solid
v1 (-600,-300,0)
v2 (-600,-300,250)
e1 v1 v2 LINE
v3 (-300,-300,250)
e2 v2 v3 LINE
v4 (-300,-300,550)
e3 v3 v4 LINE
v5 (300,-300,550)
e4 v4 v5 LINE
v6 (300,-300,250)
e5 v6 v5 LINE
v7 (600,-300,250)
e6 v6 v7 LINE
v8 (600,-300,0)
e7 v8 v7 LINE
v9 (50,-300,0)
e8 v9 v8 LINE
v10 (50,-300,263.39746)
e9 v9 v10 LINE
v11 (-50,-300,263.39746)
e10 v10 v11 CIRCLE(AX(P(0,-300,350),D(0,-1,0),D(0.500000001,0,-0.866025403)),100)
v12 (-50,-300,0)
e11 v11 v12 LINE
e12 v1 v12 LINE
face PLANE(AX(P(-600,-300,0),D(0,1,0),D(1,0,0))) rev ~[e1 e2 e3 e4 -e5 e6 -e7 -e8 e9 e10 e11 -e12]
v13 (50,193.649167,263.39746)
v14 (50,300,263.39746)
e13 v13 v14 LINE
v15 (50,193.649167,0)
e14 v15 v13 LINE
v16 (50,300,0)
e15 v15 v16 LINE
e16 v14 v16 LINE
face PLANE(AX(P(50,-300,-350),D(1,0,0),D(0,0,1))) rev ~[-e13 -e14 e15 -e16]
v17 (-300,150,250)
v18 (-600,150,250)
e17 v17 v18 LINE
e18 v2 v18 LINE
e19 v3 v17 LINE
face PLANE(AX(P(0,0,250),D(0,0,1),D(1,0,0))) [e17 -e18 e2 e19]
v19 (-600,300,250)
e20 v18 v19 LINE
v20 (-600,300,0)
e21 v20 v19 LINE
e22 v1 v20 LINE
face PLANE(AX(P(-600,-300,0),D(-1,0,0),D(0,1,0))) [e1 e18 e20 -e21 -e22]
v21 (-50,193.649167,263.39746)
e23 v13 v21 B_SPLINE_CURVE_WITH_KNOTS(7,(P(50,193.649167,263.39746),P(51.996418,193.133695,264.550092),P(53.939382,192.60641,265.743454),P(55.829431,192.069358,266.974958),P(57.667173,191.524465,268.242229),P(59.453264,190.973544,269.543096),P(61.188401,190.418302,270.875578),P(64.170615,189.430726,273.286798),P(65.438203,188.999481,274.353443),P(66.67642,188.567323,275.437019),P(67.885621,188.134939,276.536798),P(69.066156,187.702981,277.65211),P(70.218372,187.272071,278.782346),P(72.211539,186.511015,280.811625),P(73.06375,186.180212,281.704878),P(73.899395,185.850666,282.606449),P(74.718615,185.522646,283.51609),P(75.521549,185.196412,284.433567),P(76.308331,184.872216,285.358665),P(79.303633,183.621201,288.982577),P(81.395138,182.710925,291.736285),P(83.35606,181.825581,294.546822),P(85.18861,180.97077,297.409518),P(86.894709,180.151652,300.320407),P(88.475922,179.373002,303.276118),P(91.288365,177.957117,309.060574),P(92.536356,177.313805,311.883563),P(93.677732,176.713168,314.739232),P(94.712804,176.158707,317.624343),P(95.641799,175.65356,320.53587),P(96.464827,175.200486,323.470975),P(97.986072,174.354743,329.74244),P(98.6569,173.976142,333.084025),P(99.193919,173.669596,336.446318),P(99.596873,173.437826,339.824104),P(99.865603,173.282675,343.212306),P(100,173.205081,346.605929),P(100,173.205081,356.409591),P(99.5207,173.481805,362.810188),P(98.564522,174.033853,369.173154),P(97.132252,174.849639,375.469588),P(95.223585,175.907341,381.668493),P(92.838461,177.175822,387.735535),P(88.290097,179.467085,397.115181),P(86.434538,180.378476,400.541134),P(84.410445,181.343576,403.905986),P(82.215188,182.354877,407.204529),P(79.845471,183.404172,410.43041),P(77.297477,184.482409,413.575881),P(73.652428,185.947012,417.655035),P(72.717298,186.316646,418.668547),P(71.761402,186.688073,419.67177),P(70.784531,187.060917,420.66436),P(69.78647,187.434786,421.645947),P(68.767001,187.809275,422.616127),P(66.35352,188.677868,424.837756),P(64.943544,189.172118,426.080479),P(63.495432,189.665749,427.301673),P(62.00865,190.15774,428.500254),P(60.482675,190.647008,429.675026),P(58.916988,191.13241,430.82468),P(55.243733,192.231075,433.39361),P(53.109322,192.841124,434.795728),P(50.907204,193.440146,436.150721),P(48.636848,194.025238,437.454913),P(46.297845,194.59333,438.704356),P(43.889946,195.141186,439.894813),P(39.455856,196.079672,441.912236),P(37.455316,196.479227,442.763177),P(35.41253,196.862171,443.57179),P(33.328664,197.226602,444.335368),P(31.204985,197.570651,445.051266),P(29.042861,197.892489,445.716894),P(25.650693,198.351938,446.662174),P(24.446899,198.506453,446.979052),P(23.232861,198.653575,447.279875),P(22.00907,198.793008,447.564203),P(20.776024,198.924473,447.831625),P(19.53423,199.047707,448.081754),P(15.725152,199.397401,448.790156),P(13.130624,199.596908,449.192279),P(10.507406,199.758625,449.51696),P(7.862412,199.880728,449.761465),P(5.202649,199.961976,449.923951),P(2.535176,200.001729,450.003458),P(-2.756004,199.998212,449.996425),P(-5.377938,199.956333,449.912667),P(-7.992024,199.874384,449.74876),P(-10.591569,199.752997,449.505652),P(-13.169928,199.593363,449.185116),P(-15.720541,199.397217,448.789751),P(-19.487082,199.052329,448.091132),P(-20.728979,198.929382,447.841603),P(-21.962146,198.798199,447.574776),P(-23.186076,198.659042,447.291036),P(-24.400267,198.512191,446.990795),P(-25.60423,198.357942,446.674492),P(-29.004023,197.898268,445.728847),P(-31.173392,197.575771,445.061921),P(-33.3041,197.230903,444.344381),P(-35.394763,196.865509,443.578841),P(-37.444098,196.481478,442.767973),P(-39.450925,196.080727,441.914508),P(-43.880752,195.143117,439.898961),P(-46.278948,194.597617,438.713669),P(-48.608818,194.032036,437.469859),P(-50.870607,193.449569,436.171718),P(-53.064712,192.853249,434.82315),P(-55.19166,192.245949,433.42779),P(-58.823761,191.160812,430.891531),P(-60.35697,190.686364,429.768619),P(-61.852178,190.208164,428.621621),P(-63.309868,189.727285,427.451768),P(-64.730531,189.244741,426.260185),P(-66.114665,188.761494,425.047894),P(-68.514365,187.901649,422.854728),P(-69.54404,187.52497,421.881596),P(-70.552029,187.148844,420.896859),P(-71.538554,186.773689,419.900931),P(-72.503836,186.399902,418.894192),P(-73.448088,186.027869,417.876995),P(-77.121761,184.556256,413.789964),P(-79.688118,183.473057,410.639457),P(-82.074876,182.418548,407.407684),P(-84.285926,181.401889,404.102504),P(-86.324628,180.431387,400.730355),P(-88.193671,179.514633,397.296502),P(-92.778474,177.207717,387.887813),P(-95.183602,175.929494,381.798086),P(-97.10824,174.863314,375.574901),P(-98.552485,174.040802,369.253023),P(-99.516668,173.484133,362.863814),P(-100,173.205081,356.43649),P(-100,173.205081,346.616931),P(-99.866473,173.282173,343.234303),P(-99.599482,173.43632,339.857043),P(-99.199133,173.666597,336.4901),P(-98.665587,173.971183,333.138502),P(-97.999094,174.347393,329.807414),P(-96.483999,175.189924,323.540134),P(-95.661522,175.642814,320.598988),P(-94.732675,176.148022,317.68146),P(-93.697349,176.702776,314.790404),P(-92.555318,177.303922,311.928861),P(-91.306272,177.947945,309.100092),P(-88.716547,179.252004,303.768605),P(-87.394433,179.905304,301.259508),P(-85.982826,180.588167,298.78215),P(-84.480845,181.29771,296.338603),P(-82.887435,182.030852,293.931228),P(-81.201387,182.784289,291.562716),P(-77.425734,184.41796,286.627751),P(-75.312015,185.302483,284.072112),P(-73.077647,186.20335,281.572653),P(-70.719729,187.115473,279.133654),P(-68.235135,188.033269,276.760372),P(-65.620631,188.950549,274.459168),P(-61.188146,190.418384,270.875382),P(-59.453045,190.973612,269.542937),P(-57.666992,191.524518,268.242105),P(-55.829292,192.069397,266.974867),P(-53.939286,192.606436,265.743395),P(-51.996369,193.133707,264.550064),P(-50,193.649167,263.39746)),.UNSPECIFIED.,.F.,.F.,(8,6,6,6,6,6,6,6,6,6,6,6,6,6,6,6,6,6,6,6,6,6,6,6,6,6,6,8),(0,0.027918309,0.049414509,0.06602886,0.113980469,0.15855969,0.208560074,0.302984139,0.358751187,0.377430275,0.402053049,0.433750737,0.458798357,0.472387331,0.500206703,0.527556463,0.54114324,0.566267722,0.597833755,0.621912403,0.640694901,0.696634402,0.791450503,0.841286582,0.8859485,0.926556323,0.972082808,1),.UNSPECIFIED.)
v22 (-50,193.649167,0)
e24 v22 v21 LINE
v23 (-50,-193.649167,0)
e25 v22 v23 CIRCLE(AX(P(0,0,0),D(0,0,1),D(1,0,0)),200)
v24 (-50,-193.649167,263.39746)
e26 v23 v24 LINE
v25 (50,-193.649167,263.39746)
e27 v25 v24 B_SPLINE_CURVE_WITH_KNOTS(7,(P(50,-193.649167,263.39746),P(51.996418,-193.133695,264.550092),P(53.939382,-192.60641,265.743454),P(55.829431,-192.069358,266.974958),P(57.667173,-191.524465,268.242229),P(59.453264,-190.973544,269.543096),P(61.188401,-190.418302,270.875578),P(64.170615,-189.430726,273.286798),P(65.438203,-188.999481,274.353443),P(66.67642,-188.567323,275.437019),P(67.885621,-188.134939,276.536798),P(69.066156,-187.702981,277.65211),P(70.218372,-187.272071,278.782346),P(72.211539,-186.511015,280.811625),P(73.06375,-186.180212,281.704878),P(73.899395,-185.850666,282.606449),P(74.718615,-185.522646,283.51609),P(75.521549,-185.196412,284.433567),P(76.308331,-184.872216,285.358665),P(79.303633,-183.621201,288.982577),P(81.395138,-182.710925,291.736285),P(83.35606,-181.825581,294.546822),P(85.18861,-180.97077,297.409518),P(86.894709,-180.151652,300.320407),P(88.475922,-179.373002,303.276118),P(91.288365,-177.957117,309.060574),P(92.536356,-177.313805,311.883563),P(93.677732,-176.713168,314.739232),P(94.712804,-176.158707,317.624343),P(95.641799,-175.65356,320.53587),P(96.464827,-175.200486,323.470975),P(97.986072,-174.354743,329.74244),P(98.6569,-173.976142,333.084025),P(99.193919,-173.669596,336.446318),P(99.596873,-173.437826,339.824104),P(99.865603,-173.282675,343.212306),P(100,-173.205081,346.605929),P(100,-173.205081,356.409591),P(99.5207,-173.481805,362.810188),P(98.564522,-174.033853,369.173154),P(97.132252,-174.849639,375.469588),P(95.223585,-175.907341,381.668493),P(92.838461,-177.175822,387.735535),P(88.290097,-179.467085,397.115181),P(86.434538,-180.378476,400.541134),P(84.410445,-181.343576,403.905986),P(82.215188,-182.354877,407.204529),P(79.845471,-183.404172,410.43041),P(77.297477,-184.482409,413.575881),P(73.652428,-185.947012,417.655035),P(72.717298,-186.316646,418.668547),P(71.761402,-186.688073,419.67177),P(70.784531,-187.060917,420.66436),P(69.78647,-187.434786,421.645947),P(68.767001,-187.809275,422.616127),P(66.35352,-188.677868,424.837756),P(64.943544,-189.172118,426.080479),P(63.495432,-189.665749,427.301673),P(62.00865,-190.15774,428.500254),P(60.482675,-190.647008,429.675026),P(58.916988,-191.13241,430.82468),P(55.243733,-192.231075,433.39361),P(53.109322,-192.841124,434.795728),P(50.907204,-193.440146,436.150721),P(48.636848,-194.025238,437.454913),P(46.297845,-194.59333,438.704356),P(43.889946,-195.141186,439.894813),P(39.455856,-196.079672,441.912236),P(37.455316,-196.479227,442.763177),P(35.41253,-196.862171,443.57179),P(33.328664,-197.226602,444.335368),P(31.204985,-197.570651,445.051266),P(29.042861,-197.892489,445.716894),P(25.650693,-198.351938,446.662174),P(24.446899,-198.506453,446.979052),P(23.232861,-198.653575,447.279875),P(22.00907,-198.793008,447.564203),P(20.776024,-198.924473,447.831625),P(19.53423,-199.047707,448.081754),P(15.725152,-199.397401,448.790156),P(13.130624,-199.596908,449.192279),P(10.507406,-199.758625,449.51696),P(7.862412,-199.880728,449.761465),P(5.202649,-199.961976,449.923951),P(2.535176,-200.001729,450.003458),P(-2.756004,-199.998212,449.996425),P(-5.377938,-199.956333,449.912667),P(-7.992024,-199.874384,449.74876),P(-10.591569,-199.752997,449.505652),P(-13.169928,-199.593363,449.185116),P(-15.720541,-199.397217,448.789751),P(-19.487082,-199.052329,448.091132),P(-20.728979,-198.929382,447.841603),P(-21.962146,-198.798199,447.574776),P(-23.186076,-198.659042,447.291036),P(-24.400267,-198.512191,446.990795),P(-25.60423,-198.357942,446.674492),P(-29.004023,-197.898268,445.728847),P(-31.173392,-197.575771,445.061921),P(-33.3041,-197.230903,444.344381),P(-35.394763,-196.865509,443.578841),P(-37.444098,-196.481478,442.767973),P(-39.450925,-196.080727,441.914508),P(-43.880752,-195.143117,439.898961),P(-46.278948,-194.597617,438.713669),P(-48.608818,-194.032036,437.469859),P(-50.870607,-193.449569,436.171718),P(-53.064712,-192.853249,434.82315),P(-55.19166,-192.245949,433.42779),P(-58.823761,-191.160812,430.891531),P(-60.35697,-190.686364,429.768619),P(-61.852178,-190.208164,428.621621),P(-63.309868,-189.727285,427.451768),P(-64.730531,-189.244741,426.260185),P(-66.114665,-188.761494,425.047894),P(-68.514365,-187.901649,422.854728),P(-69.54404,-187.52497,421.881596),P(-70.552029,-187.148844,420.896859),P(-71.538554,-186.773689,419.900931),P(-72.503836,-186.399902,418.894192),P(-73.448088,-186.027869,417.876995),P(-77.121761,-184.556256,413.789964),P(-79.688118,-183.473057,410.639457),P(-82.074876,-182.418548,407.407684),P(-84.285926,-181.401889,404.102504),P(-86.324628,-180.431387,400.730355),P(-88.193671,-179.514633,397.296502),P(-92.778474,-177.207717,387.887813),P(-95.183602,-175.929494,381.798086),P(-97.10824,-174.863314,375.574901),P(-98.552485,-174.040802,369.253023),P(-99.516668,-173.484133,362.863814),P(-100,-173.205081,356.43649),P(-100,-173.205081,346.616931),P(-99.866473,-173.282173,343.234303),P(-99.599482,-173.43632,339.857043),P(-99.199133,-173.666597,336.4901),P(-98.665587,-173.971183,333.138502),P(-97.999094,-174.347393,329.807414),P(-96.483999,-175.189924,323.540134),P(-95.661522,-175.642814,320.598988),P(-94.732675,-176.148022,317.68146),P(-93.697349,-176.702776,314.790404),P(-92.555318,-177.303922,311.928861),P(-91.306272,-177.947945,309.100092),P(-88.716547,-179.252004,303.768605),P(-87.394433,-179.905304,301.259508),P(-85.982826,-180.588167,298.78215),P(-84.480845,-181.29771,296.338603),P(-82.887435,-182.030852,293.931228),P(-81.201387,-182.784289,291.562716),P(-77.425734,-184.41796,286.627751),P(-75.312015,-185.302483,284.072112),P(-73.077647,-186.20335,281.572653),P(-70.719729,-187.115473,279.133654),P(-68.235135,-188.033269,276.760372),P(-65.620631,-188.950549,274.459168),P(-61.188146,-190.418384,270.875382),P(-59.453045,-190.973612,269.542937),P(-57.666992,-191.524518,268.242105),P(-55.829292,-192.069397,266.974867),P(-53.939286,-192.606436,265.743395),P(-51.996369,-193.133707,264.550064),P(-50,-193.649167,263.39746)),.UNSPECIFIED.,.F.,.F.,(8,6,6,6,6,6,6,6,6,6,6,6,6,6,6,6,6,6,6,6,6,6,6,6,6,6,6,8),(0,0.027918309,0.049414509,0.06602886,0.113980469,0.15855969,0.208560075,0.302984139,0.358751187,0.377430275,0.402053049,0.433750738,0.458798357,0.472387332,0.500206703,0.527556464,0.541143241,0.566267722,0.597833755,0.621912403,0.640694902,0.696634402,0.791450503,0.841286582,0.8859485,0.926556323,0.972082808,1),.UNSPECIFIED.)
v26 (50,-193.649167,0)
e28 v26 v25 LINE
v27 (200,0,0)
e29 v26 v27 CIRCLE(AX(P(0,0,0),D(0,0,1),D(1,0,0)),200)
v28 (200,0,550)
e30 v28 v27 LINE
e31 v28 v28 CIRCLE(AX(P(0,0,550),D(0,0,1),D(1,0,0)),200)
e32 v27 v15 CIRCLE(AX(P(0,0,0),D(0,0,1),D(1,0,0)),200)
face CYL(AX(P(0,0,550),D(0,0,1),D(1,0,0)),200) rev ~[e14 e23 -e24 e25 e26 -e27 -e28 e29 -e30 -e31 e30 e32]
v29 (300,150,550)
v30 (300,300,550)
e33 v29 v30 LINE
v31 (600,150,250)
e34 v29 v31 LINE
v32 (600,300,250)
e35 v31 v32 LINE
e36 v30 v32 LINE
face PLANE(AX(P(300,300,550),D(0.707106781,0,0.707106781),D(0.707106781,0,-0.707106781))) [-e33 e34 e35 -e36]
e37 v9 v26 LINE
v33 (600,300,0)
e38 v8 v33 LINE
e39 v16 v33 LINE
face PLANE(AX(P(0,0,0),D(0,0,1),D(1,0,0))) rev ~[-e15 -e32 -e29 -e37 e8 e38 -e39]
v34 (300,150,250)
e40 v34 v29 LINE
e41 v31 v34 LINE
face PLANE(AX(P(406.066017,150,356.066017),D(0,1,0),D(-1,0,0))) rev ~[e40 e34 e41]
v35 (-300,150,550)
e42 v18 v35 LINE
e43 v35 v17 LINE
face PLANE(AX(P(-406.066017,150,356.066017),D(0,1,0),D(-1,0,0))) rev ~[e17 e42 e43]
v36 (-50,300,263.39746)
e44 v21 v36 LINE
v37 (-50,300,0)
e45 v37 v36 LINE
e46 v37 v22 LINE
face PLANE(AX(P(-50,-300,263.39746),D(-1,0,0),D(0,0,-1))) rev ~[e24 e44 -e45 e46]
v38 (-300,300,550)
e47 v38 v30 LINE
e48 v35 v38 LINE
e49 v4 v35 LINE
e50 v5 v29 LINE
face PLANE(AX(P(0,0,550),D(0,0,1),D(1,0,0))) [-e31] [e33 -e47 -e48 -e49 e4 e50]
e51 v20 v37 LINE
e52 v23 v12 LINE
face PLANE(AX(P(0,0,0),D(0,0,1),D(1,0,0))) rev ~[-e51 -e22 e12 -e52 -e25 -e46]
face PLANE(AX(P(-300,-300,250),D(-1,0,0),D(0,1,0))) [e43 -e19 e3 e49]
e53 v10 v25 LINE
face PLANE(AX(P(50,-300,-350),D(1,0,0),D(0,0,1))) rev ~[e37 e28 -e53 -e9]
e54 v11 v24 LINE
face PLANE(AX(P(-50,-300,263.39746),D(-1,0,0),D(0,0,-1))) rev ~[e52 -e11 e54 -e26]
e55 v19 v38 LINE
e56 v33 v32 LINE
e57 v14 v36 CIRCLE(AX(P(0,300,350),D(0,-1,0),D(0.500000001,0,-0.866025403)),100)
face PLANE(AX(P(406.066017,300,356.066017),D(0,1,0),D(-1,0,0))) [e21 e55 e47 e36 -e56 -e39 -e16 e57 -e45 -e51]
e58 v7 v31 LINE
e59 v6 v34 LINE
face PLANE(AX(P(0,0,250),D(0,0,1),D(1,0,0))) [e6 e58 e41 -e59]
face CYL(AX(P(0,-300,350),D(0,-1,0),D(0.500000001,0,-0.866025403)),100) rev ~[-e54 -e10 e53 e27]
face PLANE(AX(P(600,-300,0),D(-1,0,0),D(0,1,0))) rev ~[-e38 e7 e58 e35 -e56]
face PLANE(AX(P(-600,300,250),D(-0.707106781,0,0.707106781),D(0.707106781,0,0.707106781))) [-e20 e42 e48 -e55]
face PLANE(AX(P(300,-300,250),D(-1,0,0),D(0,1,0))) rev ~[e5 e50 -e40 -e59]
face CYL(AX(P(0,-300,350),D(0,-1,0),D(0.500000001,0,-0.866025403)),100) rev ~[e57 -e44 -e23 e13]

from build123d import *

# Parameters (mm, degrees)
F0_W     = 1200
F0_H     = 600
F1_DEPTH = 250
F2_W     = 600
F2_H     = 600
F3_DEPTH = 300
F5_DEPTH = 600.001
F6_R     = 200
F7_DEPTH = 550.001
F9_DEPTH = 150


with BuildPart() as f1:
    # F0 (on Top) → F1 (new body)
    with BuildSketch(Plane.XY):
        Rectangle(F0_W, F0_H)
    extrude(amount=F1_DEPTH)

    # F2 (on face) → F3 (join)
    with BuildSketch(Plane.XY.offset(250)):
        Rectangle(F2_W, F2_H)
    extrude(amount=F3_DEPTH)

    # F4 (on face) → F5 (cut, through all)
    with BuildSketch(Plane.XZ.offset(300)):
        with BuildLine():
            Line((-50, 263.39746), (-50, -350))
            Line((-50, -350), (50, -350))
            Line((50, -350), (50, 263.39746))
            ThreePointArc((50, 263.39746), (0, 450), (-50, 263.39746))
        make_face()
    extrude(amount=-F5_DEPTH, mode=Mode.SUBTRACT)

    # F6 (on face) → F7 (cut, through all)
    with BuildSketch(Plane.XY.offset(550)):
        Circle(F6_R)
    extrude(amount=-F7_DEPTH, mode=Mode.SUBTRACT)

    # F8 (on face) → F9 (join)
    with BuildSketch(Plane(origin=(0, 300, 0), x_dir=(-1, 0, 0), z_dir=(0, 1, 0))):
        Polygon((-300, 250), (-300, 550), (-600, 250), align=None)
        Polygon((600, 250), (300, 550), (300, 250), align=None)
    extrude(amount=-F9_DEPTH)


solid = f1.part
